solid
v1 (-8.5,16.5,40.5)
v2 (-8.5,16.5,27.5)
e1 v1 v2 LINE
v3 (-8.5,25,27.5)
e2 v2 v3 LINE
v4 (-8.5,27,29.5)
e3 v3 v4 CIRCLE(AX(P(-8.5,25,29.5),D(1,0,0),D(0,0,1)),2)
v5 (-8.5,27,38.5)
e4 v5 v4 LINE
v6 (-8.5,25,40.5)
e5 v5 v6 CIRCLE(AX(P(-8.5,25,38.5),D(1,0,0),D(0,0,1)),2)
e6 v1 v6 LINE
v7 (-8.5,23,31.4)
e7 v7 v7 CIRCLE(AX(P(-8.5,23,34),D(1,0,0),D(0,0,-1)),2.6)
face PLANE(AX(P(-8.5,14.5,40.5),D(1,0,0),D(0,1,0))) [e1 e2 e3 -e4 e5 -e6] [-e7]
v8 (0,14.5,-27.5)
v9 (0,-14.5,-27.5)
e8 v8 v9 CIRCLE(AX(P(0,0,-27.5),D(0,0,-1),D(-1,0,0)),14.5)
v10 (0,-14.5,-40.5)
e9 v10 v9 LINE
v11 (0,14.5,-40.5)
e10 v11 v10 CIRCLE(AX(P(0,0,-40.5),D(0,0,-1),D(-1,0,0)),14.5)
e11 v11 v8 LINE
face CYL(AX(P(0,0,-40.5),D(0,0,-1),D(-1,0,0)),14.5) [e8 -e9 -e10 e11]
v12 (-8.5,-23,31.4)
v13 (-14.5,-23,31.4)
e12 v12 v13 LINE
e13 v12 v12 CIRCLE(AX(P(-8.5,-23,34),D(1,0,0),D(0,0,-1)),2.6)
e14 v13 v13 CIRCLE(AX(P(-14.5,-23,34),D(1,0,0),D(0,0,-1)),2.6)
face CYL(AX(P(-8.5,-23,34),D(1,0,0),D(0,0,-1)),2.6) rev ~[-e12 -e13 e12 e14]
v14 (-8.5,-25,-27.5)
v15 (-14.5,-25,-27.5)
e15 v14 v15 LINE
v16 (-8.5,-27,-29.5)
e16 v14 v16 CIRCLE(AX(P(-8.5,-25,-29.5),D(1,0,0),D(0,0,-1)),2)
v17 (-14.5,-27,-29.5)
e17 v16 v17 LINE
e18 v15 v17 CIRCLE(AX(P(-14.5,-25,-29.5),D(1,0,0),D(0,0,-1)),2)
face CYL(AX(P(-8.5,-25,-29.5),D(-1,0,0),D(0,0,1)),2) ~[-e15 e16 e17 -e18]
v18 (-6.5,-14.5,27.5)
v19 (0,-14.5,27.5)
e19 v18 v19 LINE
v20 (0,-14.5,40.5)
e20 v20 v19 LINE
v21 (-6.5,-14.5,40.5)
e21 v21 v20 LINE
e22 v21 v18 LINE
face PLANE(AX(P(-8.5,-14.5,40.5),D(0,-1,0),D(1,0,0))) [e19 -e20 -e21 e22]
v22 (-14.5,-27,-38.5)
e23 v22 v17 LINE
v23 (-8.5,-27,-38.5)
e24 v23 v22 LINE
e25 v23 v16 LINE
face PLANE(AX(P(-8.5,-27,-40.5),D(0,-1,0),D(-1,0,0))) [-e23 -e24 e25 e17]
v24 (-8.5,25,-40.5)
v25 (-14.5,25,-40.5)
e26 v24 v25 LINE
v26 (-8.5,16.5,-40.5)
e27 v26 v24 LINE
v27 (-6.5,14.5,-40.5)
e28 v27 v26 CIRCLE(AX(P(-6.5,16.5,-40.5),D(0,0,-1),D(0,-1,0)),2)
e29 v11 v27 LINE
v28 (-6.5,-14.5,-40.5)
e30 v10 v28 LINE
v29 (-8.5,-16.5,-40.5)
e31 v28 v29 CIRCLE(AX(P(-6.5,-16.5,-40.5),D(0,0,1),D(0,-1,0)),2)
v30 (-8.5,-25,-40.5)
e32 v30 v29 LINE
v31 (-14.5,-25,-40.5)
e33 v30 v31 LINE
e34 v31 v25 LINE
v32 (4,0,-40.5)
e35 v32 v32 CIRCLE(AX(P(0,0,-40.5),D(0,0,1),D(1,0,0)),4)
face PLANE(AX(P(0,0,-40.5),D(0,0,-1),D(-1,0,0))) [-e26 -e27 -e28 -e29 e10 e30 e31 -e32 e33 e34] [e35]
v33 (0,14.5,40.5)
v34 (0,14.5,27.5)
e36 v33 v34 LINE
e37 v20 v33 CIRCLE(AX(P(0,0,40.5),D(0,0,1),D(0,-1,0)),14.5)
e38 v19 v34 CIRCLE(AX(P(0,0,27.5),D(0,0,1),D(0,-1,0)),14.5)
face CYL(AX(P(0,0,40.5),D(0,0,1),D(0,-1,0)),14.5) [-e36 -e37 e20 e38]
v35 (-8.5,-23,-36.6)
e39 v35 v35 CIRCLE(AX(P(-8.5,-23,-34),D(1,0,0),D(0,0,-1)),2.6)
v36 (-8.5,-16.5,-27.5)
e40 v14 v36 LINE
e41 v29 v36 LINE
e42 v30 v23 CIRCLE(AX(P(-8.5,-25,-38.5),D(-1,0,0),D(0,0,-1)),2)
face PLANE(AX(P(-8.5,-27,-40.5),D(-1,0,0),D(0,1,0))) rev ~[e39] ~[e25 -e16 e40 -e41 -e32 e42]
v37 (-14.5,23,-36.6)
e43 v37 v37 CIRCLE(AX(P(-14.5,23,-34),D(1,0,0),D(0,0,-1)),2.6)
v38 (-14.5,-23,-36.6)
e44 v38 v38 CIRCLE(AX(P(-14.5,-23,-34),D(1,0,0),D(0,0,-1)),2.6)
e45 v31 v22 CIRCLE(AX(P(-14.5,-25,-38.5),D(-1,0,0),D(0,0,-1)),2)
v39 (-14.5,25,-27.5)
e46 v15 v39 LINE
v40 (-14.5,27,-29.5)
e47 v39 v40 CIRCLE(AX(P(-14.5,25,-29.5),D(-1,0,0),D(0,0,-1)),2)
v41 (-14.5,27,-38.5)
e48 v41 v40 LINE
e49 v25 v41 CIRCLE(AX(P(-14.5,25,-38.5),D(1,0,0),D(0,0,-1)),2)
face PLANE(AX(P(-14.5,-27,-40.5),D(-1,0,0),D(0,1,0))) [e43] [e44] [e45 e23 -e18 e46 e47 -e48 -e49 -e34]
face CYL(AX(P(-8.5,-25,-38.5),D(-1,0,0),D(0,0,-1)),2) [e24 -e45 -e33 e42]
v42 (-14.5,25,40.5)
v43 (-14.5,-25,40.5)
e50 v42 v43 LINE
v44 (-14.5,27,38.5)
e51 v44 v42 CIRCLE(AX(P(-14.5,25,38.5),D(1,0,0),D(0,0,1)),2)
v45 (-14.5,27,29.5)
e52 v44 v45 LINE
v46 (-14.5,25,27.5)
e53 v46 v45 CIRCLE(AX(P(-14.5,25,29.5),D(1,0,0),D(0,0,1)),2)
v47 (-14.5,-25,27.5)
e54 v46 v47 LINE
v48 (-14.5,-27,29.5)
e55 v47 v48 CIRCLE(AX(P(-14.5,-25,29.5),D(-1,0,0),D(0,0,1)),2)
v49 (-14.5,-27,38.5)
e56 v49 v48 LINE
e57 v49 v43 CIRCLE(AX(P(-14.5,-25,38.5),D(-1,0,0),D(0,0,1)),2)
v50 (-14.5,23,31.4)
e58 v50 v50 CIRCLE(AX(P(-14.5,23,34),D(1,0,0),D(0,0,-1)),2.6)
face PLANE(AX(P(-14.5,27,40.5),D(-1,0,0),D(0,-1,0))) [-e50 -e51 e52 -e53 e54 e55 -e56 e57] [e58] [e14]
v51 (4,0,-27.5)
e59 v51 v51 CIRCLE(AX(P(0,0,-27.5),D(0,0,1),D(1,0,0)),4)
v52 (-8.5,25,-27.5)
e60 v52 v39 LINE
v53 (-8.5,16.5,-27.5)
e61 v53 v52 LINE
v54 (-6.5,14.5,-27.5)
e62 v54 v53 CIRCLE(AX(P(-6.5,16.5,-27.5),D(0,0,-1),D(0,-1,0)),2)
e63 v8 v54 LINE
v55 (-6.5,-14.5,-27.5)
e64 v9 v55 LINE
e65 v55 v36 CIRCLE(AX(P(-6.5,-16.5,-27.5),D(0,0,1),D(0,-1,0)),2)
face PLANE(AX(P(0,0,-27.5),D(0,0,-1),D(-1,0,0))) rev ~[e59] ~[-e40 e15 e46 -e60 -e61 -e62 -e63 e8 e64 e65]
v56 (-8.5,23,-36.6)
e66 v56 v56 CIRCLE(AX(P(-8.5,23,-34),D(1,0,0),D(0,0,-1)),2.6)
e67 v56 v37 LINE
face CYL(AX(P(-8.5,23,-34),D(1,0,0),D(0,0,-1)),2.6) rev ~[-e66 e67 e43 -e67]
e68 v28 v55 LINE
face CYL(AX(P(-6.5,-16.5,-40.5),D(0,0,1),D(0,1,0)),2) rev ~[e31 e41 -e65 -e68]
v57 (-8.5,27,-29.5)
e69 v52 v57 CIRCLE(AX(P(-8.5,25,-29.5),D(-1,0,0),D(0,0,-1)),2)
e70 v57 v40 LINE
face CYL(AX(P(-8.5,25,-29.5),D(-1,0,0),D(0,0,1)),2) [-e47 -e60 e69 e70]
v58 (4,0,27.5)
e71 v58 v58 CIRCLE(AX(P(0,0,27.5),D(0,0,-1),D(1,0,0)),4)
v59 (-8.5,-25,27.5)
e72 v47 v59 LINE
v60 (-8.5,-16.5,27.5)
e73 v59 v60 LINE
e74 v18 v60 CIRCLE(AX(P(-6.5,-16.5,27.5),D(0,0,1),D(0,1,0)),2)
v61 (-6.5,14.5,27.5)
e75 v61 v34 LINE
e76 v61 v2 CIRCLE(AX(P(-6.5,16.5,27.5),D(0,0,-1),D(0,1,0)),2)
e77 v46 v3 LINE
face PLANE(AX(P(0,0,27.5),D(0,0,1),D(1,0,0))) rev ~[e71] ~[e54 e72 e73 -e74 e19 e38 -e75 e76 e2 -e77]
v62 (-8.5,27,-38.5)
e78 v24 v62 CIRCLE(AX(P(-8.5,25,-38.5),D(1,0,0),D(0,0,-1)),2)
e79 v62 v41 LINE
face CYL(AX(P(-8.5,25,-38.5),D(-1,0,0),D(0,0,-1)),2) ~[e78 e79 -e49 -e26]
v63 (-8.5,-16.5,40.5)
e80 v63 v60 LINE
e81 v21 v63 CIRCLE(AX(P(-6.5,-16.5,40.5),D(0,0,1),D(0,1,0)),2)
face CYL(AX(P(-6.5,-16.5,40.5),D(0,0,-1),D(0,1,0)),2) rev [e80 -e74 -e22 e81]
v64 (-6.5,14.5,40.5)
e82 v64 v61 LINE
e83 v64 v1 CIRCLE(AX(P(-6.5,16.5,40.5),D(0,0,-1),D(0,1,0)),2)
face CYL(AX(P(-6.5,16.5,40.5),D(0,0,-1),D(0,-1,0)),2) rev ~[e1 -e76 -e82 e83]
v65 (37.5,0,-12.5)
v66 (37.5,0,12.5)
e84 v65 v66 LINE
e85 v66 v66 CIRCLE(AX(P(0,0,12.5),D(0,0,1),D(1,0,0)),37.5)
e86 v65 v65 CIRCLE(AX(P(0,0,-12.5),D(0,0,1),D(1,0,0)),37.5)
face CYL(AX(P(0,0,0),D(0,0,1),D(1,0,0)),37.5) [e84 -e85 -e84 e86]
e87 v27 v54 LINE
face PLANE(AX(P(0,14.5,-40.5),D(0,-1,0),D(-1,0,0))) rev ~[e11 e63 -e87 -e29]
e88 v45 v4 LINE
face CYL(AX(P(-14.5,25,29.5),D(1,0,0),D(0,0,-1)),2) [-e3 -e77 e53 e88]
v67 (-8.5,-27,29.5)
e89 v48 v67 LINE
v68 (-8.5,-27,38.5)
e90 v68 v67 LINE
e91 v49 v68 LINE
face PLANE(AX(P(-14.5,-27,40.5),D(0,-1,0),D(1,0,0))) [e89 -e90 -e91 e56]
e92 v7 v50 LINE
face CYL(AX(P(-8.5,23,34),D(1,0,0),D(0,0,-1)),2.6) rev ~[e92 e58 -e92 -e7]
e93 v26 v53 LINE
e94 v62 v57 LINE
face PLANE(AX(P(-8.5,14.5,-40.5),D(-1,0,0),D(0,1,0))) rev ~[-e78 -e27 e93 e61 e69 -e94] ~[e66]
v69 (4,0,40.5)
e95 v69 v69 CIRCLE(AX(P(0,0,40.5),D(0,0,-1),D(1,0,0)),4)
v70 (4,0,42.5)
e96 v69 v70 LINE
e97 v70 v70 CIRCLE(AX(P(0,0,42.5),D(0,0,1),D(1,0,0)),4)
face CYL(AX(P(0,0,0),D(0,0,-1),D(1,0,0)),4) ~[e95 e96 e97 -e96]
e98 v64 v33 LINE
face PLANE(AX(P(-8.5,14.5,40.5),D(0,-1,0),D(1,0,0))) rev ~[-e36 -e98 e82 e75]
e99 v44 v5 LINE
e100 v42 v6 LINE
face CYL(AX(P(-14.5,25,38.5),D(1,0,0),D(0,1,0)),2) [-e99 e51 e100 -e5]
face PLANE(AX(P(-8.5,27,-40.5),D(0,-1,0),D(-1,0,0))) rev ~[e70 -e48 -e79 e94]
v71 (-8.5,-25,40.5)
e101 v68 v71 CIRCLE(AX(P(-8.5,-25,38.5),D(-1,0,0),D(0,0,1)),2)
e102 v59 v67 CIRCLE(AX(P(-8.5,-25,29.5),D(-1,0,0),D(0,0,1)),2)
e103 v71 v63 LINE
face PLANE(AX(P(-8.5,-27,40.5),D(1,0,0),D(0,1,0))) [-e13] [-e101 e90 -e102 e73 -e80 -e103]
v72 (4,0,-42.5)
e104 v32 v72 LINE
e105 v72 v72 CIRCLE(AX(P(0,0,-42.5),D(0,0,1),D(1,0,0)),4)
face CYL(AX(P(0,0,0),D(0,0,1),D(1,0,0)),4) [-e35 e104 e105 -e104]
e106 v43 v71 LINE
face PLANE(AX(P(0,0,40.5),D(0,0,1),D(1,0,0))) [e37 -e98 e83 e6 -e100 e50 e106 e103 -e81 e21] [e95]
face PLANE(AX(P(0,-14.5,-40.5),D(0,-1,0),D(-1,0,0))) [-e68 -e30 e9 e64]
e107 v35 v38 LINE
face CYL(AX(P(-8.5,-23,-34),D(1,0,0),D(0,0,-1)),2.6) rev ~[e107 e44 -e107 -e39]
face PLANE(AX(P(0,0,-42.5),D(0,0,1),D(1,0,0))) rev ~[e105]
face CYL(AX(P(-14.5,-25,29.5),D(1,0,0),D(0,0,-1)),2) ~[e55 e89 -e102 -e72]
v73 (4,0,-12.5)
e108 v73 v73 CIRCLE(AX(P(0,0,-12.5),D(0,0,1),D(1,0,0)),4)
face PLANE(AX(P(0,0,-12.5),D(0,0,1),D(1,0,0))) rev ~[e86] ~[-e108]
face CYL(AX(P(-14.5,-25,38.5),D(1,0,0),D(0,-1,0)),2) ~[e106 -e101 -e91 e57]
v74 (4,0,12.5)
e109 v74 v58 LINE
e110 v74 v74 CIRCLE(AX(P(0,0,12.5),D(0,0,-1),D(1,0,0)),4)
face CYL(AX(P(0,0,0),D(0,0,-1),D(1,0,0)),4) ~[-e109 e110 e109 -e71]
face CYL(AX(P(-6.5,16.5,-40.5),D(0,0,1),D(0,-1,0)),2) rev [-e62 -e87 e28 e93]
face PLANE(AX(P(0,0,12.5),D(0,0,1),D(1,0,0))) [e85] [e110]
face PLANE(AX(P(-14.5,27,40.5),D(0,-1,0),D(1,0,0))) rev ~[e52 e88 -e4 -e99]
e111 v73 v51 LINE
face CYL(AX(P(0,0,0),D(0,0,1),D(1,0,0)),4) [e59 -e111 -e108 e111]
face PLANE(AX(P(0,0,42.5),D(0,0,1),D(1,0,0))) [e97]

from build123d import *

# Parameters (mm, degrees)
EXTRUDE_1_DEPTH      = 12.5
EXTRUDE_1_DEPTH_BACK = 12.5
SKETCH_1_R           = 37.5
EXTRUDE_2_DEPTH      = 42.5
EXTRUDE_2_DEPTH_BACK = 42.5
SKETCH_1_3_R         = 4
EXTRUDE_3_DEPTH      = 13
EXTRUDE_START        = -13
EXTRUDE_4_DEPTH      = 13
SKETCH_4_R           = 2.6
CUT_EXTRUDE_1_DEPTH  = 73.996575262
FILLET_1_R           = 2


with BuildPart() as part:
    # 草图1 → 凸台-拉伸1 (new, two sides: drawn at the far end of the back side and taken through both)
    with BuildSketch(Plane.XY.offset(-EXTRUDE_1_DEPTH_BACK)):
        Circle(SKETCH_1_R)
    extrude(amount=EXTRUDE_1_DEPTH + EXTRUDE_1_DEPTH_BACK)

    # 草图1<3> → 凸台-拉伸2 (add, two sides: drawn at the far end of the back side and taken through both)
    with BuildSketch(Plane.XY.offset(-EXTRUDE_2_DEPTH_BACK)):
        Circle(SKETCH_1_3_R)
    extrude(amount=EXTRUDE_2_DEPTH + EXTRUDE_2_DEPTH_BACK)

    # 草图2 → 凸台-拉伸3 (add)
    with BuildSketch(Plane.XY.offset(40.5)):
        with BuildLine():
            Line((0, 14.5), (-8.5, 14.5))
            Line((-8.5, 14.5), (-8.5, 27))
            Line((-8.5, 27), (-14.5, 27))
            Line((-14.5, 27), (-14.5, -27))
            Line((-14.5, -27), (-8.5, -27))
            Line((-8.5, -27), (-8.5, -14.5))
            Line((-8.5, -14.5), (0, -14.5))
            ThreePointArc((0, -14.5), (14.5, 0), (0, 14.5))
        make_face()
    extrude(amount=-EXTRUDE_3_DEPTH)

    # 草图3 → 凸台-拉伸4 (add)
    with BuildSketch(Plane(origin=(0, 0, -40.5), x_dir=(-1, 0, 0), z_dir=(0, 0, -1)).offset(EXTRUDE_START)):
        with BuildLine():
            ThreePointArc((0, 14.5), (-14.5, 0), (0, -14.5))
            Line((0, -14.5), (8.5, -14.5))
            Line((8.5, -14.5), (8.5, -27))
            Line((8.5, -27), (14.5, -27))
            Line((14.5, -27), (14.5, 27))
            Line((14.5, 27), (8.5, 27))
            Line((8.5, 27), (8.5, 14.5))
            Line((8.5, 14.5), (0, 14.5))
        make_face()
    extrude(amount=EXTRUDE_4_DEPTH)

    # 草图4 → 切除-拉伸1 (cut, through all)
    with BuildSketch(Plane(origin=(-8.5, 0, 0), x_dir=(0, 0, -1), z_dir=(1, 0, 0))):
        with Locations((34, 23)):
            Circle(SKETCH_4_R)
        with Locations((34, -23)):
            Circle(SKETCH_4_R)
        with Locations((-34, -23)):
            Circle(SKETCH_4_R)
        with Locations((-34, 23)):
            Circle(SKETCH_4_R)
    extrude(amount=-CUT_EXTRUDE_1_DEPTH, mode=Mode.SUBTRACT)

    # 圆角1
    fillet_1_edges = [part.edges().sort_by_distance(p)[0] for p in [
        (-11.5, 27, 27.5),
        (-11.5, 27, 40.5),
        (-8.5, 14.5, 34),
        (-8.5, -14.5, 34),
        (-11.5, -27, 40.5),
        (-11.5, -27, 27.5),
        (-11.5, -27, -27.5),
        (-11.5, 27, -27.5),
        (-11.5, 27, -40.5),
        (-11.5, -27, -40.5),
        (-8.5, -14.5, -34),
        (-8.5, 14.5, -34),
    ]]
    fillet(fillet_1_edges, radius=FILLET_1_R)


solid = part.part
